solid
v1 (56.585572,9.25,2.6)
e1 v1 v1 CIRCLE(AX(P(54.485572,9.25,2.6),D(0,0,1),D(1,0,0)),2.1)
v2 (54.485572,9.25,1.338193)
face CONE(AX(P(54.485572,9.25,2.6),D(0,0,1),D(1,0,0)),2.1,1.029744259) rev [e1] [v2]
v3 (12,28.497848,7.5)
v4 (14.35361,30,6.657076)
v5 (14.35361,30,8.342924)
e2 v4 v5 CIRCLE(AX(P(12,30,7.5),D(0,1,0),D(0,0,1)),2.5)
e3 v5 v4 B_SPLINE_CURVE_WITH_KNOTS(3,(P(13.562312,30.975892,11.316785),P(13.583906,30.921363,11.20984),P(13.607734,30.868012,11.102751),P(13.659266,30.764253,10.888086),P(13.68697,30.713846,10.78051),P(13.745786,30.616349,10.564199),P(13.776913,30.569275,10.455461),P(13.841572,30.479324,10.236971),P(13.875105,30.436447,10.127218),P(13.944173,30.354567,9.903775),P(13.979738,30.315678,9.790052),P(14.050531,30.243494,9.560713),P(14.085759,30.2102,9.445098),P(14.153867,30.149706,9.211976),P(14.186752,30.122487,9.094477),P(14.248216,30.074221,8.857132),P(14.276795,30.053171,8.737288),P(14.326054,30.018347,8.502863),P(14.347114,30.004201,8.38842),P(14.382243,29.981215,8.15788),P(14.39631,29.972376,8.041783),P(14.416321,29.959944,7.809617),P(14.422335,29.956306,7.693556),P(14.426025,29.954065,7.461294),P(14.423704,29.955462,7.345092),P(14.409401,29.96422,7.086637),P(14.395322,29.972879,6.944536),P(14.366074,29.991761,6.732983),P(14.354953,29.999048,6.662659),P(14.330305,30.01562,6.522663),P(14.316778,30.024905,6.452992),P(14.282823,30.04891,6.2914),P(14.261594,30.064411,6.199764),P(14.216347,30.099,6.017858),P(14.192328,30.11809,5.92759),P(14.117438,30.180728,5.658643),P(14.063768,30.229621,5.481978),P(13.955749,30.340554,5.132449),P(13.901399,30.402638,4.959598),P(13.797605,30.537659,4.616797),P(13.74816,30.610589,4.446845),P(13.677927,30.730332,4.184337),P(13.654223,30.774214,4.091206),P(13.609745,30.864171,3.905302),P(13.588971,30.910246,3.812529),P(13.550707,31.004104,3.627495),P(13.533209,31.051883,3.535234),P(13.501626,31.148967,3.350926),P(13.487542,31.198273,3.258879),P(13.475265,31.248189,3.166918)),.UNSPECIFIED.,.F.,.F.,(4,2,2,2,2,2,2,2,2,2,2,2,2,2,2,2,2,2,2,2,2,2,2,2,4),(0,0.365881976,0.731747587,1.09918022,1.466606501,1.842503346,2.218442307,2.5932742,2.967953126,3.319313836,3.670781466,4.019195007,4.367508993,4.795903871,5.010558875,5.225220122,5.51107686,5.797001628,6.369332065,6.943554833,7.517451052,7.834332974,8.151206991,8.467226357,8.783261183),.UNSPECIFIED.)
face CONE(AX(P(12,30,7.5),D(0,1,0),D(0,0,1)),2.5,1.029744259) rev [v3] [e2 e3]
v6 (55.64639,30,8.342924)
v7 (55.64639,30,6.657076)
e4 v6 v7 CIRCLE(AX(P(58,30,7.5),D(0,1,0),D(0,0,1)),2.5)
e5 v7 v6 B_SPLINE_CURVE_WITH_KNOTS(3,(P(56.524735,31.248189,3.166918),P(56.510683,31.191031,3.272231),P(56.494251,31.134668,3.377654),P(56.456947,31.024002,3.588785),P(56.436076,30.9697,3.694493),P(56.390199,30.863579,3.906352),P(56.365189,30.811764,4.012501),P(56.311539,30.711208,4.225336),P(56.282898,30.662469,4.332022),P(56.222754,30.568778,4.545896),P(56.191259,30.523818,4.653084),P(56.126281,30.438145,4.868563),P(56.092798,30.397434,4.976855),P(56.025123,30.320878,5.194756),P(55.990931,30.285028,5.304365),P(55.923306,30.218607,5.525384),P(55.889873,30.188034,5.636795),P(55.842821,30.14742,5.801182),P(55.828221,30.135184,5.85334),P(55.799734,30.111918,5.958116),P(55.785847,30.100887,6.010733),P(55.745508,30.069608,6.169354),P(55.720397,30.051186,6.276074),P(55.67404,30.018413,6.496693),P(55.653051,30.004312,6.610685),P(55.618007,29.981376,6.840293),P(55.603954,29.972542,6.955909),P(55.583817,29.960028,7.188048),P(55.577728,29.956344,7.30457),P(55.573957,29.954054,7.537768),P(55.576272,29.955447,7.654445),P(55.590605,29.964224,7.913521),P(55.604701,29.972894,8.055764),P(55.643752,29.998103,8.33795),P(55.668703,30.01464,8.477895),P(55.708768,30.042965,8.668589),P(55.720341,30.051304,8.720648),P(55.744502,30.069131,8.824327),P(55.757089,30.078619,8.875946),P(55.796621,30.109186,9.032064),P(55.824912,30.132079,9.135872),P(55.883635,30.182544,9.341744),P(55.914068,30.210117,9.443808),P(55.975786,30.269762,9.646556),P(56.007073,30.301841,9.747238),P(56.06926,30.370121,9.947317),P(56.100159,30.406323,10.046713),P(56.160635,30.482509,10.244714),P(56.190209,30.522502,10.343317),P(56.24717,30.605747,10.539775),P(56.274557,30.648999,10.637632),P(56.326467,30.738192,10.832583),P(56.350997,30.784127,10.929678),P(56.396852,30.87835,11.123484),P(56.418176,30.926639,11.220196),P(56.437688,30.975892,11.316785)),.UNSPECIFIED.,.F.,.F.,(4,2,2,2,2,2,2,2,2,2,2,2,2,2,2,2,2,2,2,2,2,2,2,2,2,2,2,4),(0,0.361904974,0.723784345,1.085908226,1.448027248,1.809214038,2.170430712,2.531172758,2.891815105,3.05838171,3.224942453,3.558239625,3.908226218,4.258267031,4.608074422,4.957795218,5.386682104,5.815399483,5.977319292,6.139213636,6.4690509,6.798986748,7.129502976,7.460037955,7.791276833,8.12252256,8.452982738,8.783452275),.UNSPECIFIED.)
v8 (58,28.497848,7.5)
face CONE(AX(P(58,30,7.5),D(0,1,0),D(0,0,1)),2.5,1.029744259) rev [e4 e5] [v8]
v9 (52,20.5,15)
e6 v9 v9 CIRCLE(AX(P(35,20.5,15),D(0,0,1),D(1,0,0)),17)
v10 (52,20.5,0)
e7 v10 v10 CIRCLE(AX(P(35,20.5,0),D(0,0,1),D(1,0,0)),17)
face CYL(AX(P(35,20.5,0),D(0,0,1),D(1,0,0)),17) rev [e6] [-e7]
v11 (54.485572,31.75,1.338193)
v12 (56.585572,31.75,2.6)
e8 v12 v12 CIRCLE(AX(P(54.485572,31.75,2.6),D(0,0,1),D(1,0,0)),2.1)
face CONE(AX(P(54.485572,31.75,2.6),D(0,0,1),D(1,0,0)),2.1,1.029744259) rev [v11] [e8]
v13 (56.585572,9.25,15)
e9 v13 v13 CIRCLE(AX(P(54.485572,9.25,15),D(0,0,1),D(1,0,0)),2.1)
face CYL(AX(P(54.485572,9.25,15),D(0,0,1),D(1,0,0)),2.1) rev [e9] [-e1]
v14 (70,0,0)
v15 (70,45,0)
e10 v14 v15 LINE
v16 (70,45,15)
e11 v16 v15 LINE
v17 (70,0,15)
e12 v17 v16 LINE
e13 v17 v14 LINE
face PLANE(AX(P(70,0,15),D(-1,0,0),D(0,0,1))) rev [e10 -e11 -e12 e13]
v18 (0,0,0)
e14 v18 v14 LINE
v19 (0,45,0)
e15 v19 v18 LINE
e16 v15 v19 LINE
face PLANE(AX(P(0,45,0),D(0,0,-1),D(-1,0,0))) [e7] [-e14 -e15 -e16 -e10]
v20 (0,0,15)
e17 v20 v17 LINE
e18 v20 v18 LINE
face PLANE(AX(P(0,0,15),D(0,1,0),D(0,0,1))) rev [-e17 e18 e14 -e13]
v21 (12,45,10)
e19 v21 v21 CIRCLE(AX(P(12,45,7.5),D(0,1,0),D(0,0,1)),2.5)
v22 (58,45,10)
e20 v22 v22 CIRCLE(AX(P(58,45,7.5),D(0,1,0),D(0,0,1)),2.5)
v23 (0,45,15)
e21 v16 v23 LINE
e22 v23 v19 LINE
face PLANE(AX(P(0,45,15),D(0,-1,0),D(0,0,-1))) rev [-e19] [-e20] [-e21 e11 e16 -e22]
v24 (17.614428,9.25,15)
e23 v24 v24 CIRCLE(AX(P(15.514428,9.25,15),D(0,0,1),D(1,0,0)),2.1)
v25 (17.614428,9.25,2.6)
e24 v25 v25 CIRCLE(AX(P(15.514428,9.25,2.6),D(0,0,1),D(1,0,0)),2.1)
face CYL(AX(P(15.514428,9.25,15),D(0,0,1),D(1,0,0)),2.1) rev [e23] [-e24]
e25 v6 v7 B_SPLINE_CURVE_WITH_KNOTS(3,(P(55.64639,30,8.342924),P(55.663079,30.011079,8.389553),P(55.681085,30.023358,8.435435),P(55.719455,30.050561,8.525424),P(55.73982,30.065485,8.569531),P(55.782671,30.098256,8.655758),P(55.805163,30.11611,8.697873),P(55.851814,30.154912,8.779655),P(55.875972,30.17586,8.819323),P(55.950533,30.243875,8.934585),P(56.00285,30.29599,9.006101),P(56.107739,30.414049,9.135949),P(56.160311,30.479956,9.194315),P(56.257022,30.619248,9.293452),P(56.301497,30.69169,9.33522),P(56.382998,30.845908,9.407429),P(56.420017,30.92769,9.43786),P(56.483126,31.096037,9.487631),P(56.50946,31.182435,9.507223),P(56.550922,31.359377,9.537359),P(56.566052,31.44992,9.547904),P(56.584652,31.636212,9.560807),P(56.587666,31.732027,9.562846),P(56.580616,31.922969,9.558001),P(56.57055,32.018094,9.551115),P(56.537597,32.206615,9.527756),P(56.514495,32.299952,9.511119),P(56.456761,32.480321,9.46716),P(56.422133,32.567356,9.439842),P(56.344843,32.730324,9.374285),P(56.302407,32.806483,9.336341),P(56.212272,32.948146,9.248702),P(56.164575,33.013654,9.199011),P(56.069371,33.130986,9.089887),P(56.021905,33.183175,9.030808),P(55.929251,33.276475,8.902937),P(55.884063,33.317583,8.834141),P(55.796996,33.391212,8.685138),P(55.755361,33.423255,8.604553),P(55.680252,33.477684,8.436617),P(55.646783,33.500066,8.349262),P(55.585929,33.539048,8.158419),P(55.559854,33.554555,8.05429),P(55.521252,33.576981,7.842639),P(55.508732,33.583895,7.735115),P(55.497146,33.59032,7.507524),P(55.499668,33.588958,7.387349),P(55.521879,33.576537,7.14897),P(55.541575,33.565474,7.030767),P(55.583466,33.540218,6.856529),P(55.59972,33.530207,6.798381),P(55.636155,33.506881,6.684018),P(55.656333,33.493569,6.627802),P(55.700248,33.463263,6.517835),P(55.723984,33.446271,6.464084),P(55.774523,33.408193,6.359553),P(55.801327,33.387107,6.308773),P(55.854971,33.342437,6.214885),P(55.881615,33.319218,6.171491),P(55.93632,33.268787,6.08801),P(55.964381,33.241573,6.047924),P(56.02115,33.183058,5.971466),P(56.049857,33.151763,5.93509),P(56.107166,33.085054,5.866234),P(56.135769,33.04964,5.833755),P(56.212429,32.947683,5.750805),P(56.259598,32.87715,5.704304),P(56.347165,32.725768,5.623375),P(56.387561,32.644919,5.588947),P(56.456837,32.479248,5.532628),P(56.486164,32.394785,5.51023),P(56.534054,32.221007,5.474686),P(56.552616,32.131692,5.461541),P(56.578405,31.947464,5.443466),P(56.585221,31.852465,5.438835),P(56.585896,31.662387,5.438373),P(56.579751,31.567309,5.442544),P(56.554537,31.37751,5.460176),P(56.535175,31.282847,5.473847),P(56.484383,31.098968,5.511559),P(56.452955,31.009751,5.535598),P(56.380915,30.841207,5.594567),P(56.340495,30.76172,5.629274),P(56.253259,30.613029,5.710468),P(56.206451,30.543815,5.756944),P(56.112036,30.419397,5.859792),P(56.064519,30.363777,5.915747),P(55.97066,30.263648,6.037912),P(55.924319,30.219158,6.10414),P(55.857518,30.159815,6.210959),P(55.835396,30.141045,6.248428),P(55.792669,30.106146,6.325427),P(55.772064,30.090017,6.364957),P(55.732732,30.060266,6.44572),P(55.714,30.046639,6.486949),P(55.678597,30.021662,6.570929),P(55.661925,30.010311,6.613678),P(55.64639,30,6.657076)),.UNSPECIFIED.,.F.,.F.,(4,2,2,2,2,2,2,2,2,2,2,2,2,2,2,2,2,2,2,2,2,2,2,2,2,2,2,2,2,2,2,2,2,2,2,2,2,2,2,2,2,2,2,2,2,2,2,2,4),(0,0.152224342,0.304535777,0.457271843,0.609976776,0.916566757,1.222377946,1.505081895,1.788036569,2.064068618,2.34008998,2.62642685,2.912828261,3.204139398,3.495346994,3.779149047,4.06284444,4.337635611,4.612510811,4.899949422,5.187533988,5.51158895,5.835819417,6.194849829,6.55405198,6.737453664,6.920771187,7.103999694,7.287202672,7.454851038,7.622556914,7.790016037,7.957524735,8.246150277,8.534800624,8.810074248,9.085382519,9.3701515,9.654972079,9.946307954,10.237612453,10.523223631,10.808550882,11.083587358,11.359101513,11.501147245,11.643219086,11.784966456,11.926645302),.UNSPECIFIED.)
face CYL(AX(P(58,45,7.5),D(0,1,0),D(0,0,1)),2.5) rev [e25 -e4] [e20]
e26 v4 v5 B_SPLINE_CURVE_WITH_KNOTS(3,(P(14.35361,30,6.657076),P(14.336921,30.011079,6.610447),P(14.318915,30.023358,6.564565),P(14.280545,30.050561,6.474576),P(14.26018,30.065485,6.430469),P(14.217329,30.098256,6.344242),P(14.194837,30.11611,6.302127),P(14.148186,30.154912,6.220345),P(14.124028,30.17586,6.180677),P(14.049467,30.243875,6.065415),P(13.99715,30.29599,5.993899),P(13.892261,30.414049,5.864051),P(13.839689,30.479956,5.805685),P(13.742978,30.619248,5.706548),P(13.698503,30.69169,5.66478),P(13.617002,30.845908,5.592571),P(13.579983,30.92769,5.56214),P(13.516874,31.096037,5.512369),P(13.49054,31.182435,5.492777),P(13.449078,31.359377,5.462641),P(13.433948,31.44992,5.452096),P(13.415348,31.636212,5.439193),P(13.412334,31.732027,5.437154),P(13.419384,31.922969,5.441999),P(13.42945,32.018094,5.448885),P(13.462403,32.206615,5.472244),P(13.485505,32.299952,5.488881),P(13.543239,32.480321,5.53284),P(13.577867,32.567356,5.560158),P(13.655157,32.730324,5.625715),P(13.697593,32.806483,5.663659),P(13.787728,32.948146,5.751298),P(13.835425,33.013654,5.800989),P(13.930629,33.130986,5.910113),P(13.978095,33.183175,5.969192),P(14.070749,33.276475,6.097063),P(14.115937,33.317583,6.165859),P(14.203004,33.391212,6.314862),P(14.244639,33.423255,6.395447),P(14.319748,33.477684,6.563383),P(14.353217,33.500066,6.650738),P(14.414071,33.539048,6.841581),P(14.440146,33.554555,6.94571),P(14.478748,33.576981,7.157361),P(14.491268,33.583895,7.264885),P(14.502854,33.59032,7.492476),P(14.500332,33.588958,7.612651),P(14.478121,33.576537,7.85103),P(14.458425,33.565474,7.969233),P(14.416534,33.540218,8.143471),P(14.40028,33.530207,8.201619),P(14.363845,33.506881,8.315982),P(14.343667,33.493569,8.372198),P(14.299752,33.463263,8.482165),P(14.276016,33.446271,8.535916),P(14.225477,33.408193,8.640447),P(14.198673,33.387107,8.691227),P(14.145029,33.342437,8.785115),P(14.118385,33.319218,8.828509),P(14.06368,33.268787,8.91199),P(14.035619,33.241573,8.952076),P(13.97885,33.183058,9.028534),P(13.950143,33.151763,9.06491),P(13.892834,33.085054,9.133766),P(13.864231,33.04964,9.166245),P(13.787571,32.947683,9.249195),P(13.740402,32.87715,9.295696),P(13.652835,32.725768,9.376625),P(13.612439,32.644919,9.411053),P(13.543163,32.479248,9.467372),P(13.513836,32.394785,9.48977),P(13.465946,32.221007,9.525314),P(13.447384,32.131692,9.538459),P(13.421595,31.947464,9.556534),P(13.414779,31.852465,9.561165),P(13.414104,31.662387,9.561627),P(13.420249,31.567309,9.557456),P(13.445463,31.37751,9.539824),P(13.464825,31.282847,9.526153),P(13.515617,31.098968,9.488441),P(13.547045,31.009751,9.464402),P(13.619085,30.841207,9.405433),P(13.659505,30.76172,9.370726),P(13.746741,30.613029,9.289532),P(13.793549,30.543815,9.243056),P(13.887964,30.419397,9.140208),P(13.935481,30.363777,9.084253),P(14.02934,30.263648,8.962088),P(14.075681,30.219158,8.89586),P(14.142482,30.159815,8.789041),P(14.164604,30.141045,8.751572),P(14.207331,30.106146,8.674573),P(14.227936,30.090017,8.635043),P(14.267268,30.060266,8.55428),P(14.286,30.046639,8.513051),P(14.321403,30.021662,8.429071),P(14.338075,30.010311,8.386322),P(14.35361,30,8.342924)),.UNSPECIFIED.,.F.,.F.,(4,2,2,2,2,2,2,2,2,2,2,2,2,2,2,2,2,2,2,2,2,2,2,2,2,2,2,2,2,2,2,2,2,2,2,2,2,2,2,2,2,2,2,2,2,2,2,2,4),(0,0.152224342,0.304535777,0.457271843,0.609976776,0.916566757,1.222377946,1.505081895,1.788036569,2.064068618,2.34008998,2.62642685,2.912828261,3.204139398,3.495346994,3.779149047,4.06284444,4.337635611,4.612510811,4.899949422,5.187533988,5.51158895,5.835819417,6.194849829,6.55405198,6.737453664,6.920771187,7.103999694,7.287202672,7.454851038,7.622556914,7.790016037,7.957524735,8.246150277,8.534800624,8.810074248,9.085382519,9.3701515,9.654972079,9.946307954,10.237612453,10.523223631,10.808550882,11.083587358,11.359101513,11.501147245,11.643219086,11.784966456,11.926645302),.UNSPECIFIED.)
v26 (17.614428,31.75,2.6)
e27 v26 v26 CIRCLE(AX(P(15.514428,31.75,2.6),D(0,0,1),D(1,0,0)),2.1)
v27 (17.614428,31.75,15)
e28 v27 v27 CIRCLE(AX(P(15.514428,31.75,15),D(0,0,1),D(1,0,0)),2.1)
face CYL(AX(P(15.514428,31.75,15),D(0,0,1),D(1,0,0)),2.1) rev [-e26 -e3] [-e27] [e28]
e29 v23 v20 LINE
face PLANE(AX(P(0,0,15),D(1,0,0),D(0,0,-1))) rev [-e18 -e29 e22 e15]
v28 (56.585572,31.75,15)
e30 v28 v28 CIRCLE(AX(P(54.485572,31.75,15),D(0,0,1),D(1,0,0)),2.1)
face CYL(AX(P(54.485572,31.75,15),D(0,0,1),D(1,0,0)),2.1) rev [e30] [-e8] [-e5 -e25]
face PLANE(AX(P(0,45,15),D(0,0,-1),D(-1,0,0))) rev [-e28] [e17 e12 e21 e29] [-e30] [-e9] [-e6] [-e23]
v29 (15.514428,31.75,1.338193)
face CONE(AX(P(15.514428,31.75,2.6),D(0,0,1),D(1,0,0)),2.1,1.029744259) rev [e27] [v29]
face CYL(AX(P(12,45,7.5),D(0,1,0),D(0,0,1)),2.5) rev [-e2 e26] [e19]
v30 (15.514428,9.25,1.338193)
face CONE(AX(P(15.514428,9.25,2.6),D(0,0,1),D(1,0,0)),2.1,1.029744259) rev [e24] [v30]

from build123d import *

# Parameters (mm, degrees)
SKETCH_1_W             = 70
SKETCH_1_H             = 45
EXTRUDE_1_DEPTH        = 15
SKETCH_2_R             = 17
CUT_EXTRUDE_1_DEPTH    = 85.557672626
HOLE_WIZARD_M6_1_D     = 5
HOLE_WIZARD_M6_1_DEPTH = 15
HOLE_WIZARD_M6_1_TIP   = 1.502151548
HOLE_WIZARD_M5_1_D     = 4.2
HOLE_WIZARD_M5_1_DEPTH = 12.4
HOLE_WIZARD_M5_1_TIP   = 1.2618073


with BuildPart() as part:
    # 草图1 → 凸台-拉伸1 (new body)
    with BuildSketch(Plane.XY):
        with Locations((35, 22.5)):
            Rectangle(SKETCH_1_W, SKETCH_1_H)
    extrude(amount=EXTRUDE_1_DEPTH)

    # 草图2 → 切除-拉伸1 (cut, through all)
    with BuildSketch(Plane.XY.offset(15)):
        with Locations((35, 20.5)):
            Circle(SKETCH_2_R)
    extrude(amount=-CUT_EXTRUDE_1_DEPTH, mode=Mode.SUBTRACT)

    # M6 螺纹孔1
    with Locations(Plane(origin=(0, 45, 0), x_dir=(-1, 0, 0), z_dir=(0, 1, 0))):
        with Locations((-12, 7.5), (-58, 7.5)):
            Hole(HOLE_WIZARD_M6_1_D / 2, depth=HOLE_WIZARD_M6_1_DEPTH)
            with Locations((0, 0, -(HOLE_WIZARD_M6_1_DEPTH + HOLE_WIZARD_M6_1_TIP / 2))):  # 118° drill point
                Cone(0, HOLE_WIZARD_M6_1_D / 2, HOLE_WIZARD_M6_1_TIP, mode=Mode.SUBTRACT)

    # M5 螺纹孔1
    with Locations(Plane.XY.offset(15)):
        with Locations((54.485571585, 31.75), (15.514428415, 31.75), (54.485571585, 9.25), (15.514428415, 9.25)):
            Hole(HOLE_WIZARD_M5_1_D / 2, depth=HOLE_WIZARD_M5_1_DEPTH)
            with Locations((0, 0, -(HOLE_WIZARD_M5_1_DEPTH + HOLE_WIZARD_M5_1_TIP / 2))):  # 118° drill point
                Cone(0, HOLE_WIZARD_M5_1_D / 2, HOLE_WIZARD_M5_1_TIP, mode=Mode.SUBTRACT)


solid = part.part
